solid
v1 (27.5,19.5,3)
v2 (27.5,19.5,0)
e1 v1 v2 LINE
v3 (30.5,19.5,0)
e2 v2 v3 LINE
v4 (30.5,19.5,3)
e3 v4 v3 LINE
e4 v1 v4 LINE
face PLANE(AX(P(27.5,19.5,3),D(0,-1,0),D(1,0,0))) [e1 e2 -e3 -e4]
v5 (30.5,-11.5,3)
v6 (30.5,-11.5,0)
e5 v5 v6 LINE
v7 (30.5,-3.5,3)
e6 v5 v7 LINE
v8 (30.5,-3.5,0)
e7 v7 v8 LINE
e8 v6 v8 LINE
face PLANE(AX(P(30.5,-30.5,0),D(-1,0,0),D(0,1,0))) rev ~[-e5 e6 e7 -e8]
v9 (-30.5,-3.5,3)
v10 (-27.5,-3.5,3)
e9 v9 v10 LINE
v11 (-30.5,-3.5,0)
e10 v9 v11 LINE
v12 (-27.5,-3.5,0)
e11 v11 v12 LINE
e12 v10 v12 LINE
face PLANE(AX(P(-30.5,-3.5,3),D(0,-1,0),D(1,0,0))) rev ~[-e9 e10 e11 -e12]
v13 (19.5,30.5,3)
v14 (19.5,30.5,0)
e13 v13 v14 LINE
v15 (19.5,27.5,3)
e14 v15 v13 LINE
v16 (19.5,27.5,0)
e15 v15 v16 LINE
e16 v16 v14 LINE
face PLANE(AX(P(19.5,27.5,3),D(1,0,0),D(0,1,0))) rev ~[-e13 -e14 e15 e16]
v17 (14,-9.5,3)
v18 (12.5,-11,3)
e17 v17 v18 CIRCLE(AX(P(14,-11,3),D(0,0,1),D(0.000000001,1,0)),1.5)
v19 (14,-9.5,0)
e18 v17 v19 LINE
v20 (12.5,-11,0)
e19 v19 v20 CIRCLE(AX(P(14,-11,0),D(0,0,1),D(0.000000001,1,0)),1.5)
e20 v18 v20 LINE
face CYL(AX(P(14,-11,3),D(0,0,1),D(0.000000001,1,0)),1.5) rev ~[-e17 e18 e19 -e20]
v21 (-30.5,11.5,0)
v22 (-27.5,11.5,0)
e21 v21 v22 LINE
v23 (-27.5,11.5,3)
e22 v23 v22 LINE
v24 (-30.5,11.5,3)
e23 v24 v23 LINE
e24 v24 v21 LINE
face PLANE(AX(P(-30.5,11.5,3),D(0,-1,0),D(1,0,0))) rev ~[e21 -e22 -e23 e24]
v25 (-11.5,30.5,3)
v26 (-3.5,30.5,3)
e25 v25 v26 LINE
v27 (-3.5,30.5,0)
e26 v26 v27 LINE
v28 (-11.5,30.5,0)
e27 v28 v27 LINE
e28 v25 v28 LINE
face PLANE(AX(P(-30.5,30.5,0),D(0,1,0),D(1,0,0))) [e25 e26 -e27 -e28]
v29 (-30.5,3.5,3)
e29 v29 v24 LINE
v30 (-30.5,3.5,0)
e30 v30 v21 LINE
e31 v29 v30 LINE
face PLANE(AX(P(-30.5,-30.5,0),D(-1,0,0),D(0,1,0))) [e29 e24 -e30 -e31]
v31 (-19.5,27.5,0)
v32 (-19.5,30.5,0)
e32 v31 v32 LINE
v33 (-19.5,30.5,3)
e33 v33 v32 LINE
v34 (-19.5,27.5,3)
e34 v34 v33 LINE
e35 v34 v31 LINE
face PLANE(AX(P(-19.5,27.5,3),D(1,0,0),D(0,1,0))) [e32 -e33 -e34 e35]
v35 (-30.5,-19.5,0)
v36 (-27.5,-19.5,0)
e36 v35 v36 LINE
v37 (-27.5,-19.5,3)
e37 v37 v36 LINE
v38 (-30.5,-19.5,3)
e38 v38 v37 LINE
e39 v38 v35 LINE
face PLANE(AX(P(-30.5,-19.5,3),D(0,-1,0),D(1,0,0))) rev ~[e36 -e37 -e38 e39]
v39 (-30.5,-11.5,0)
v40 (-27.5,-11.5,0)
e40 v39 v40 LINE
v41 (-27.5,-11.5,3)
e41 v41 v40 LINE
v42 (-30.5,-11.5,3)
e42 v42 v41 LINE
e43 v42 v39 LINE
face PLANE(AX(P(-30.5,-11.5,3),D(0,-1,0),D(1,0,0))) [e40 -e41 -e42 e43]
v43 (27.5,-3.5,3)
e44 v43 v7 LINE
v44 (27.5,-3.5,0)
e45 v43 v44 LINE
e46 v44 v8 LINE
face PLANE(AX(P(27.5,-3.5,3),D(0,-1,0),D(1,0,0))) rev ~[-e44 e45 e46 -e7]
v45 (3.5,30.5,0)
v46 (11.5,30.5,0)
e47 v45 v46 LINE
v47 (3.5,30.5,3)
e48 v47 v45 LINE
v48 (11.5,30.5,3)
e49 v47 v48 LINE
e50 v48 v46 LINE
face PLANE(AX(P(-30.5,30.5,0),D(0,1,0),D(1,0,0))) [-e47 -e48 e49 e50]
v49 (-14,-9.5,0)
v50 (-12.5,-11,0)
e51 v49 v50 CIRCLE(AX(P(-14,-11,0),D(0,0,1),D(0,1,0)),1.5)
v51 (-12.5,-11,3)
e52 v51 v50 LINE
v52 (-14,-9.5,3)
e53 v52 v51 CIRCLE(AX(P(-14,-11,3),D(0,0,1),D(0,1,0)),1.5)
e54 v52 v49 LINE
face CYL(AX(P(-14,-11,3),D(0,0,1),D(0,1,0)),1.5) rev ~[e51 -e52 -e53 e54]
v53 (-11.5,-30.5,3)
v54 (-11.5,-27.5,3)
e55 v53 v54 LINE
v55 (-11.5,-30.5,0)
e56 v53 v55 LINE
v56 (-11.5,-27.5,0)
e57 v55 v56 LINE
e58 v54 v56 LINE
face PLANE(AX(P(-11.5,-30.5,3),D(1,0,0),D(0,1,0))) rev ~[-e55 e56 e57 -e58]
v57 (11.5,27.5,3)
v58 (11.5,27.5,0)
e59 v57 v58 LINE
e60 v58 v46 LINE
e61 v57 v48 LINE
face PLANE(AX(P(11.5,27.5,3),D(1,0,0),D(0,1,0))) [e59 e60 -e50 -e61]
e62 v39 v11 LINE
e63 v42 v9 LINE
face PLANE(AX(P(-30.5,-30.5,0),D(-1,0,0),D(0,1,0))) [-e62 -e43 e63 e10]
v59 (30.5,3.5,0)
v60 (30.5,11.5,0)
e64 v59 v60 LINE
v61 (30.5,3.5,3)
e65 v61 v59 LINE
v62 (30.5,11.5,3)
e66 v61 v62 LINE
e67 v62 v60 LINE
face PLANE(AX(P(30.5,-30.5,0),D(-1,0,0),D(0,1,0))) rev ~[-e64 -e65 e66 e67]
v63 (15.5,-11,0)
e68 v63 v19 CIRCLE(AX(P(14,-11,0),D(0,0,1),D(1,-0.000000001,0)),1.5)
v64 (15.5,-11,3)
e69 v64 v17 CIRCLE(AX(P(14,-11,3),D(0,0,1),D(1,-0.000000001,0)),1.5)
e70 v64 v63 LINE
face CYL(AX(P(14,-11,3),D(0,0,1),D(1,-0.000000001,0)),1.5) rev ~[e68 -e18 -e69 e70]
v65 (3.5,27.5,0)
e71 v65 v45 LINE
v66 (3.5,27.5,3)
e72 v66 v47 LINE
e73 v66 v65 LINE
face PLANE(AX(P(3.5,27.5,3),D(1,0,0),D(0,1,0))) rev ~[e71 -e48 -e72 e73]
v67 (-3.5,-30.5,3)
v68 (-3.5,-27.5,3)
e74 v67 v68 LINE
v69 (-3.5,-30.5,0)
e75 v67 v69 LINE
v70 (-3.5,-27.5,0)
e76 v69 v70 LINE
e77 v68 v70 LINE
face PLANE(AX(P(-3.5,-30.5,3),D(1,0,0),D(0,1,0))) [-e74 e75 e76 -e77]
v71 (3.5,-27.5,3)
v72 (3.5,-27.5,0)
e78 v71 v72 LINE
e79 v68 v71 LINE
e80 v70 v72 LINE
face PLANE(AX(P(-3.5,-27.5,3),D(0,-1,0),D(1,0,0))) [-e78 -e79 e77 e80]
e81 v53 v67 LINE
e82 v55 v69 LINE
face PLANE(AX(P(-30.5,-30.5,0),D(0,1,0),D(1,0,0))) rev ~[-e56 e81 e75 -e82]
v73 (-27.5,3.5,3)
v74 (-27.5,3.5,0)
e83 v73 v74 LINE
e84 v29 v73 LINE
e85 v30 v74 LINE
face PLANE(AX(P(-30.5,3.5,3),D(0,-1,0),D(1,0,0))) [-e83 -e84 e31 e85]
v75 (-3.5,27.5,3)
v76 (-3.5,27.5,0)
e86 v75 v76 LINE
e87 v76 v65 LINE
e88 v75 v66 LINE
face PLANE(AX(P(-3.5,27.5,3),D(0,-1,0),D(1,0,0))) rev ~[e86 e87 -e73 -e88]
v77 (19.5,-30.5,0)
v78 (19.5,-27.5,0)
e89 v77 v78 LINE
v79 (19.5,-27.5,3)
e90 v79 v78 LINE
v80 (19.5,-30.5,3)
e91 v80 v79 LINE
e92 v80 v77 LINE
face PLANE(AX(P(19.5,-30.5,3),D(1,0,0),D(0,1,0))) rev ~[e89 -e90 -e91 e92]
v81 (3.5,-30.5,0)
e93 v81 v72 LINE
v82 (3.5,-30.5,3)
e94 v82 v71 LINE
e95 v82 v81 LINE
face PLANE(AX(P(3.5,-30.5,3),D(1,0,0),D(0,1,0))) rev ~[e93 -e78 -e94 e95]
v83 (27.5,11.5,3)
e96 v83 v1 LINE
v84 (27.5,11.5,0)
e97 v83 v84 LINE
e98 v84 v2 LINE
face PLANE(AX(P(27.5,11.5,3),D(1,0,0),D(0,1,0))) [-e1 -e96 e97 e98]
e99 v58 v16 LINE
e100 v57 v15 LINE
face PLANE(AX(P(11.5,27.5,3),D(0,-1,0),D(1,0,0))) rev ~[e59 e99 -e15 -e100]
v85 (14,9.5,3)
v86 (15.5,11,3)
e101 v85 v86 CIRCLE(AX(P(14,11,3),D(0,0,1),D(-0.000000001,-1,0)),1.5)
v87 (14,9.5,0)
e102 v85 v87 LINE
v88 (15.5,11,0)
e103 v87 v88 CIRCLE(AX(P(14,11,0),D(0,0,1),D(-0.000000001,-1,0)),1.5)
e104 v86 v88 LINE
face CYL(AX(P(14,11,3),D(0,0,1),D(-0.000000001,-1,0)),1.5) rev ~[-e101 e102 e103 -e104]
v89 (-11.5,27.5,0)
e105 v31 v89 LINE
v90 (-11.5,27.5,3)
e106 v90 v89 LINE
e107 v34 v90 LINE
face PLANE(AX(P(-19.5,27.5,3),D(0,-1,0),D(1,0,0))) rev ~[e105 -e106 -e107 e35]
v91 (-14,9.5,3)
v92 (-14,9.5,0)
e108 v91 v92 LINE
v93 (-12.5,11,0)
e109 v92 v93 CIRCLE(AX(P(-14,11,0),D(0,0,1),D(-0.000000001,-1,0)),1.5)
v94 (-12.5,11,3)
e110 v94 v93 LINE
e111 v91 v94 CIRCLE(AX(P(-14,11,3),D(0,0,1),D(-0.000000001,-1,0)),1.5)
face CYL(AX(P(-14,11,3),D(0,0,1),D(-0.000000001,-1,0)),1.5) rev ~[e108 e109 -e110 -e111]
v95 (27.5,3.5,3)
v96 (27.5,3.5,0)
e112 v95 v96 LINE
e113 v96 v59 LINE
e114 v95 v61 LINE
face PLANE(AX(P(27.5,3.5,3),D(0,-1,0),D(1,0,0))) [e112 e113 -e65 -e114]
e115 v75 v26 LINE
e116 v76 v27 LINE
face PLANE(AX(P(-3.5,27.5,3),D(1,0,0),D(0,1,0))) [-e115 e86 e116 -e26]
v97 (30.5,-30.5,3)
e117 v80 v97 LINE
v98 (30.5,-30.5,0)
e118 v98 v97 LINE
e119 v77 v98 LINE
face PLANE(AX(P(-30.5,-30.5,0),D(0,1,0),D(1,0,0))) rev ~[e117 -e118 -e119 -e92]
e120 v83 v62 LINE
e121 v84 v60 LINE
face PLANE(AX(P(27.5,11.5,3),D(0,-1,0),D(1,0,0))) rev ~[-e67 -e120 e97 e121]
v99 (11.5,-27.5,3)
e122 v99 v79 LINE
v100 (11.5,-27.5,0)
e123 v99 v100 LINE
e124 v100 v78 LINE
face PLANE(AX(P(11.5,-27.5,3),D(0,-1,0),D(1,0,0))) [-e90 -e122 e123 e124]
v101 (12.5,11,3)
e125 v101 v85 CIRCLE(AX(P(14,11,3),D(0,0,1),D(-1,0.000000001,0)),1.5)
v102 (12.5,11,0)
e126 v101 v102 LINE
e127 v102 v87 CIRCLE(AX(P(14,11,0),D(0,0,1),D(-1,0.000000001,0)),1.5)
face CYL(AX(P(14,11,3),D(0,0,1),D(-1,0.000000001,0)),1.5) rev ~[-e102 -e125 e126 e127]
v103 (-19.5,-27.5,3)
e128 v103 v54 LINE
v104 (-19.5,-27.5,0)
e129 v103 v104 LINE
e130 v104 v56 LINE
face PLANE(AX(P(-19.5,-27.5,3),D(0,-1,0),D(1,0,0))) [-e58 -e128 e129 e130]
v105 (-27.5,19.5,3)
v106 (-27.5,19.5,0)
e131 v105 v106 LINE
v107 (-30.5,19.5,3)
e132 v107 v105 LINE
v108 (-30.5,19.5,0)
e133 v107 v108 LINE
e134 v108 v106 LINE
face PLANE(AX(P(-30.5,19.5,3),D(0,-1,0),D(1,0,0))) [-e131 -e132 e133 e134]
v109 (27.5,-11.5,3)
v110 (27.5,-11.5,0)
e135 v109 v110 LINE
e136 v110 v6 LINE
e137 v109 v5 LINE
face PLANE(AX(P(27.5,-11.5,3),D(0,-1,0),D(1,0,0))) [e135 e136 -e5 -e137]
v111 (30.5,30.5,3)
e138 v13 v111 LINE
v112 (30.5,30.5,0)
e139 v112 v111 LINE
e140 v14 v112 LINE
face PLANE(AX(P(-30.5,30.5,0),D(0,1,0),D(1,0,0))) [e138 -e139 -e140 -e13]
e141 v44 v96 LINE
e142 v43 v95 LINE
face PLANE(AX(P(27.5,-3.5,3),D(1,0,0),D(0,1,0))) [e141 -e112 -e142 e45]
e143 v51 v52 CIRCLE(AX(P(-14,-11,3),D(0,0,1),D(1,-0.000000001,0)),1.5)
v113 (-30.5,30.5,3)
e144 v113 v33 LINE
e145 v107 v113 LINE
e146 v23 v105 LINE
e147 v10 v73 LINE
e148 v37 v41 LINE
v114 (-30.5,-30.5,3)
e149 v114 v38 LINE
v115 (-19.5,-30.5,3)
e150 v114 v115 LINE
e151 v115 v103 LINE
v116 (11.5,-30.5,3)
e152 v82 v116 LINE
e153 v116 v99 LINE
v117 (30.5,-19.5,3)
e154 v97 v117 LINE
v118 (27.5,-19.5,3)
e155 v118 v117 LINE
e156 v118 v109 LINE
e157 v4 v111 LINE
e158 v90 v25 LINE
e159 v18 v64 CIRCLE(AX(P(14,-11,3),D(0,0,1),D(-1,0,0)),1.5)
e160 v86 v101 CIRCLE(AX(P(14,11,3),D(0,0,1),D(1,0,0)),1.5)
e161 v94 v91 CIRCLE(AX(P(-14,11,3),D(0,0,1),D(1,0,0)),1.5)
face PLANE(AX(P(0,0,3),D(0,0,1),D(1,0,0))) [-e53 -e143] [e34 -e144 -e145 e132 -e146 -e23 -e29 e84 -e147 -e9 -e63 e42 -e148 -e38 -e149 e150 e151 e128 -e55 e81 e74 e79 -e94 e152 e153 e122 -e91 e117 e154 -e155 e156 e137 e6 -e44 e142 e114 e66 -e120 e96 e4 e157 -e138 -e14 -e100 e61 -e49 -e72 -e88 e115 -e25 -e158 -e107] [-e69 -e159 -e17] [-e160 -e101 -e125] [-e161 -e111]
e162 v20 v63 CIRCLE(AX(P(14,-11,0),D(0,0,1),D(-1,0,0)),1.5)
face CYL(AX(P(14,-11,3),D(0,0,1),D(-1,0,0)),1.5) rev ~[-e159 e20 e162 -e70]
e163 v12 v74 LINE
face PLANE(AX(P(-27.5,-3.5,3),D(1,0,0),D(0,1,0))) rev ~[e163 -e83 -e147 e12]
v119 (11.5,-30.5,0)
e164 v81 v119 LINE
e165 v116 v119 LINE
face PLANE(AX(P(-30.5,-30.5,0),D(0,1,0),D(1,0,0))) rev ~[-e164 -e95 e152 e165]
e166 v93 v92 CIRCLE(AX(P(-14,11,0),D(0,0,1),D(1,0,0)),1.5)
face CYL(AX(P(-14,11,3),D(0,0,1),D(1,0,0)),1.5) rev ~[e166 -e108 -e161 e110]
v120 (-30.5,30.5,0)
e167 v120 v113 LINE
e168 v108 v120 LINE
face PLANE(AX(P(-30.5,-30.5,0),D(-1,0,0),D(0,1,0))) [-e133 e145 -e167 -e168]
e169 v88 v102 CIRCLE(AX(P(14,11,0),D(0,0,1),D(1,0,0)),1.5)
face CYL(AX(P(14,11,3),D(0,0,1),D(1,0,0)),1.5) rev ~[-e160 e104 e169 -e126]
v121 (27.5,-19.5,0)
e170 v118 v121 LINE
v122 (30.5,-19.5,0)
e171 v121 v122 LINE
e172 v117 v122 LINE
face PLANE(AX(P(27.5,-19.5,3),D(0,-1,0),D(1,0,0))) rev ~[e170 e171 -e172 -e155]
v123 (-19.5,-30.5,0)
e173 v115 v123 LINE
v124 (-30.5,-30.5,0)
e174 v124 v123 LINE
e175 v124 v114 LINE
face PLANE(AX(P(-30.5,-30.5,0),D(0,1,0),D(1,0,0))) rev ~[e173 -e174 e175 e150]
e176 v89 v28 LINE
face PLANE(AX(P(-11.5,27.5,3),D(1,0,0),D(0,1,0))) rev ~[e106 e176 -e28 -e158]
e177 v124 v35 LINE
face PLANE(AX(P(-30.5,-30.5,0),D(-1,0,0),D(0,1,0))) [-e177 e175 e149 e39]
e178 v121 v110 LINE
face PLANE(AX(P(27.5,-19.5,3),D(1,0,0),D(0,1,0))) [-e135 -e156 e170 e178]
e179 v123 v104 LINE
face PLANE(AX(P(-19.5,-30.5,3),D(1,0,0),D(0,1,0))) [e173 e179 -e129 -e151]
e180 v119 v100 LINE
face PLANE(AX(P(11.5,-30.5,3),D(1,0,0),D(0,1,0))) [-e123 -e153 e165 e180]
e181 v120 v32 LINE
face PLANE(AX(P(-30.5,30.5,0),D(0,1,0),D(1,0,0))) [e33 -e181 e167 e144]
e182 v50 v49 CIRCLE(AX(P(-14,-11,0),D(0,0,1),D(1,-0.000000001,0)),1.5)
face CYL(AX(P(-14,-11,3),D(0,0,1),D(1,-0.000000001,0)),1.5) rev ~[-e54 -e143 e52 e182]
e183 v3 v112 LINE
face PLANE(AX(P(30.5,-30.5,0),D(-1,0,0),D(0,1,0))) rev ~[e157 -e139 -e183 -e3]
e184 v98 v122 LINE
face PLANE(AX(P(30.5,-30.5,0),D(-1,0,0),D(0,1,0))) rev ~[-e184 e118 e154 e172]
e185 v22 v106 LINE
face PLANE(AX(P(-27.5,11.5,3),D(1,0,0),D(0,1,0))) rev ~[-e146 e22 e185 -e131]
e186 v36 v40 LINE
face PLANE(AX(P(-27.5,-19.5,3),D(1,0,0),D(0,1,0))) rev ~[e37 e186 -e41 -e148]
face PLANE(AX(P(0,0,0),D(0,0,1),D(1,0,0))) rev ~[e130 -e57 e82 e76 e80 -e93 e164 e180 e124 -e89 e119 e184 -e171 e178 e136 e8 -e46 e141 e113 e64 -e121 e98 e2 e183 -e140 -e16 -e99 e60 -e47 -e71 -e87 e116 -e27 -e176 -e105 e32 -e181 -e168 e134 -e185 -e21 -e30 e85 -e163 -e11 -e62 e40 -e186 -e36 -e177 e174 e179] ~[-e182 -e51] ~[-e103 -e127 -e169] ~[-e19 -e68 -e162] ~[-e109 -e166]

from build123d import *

# Parameters (mm, degrees)
SKETCH1_W           = 61
SKETCH1_H           = 61
BOSS_EXTRUDE1_DEPTH = 3
SKETCH2_W           = 3
SKETCH2_H           = 8
SKETCH2_H_2         = 7
SKETCH2_W_2         = 8
SKETCH2_H_3         = 3
SKETCH2_W_3         = 7
CUT_EXTRUDE1_DEPTH  = 3
CUT_EXTRUDE2_DEPTH  = 3


with BuildPart() as part:
    # Sketch1 → Boss-Extrude1 (new body)
    with BuildSketch(Plane.XY):
        Rectangle(SKETCH1_W, SKETCH1_H)
    extrude(amount=BOSS_EXTRUDE1_DEPTH)

    # Sketch2 → Cut-Extrude1 (cut)
    with BuildSketch(Plane.XY.offset(3)):
        with Locations((-29, 15.5)):
            Rectangle(SKETCH2_W, SKETCH2_H)
        with Locations((-29, 0)):
            Rectangle(SKETCH2_W, SKETCH2_H_2)
        with Locations((-29, -15.5)):
            Rectangle(SKETCH2_W, SKETCH2_H)
        with Locations((-15.5, -29)):
            Rectangle(SKETCH2_W_2, SKETCH2_H_3)
        with Locations((0, -29)):
            Rectangle(SKETCH2_W_3, SKETCH2_H_3)
        with Locations((15.5, -29)):
            Rectangle(SKETCH2_W_2, SKETCH2_H_3)
        with Locations((29, -15.5)):
            Rectangle(SKETCH2_W, SKETCH2_H)
        with Locations((29, 0)):
            Rectangle(SKETCH2_W, SKETCH2_H_2)
        with Locations((29, 15.5)):
            Rectangle(SKETCH2_W, SKETCH2_H)
        with Locations((15.5, 29)):
            Rectangle(SKETCH2_W_2, SKETCH2_H_3)
        with Locations((0, 29)):
            Rectangle(SKETCH2_W_3, SKETCH2_H_3)
        with Locations((-15.5, 29)):
            Rectangle(SKETCH2_W_2, SKETCH2_H_3)
    extrude(amount=-CUT_EXTRUDE1_DEPTH, mode=Mode.SUBTRACT)

    # Sketch3 → Cut-Extrude2 (cut)
    with BuildSketch(Plane.XY.offset(3)):
        with BuildLine():
            ThreePointArc((-12.5, 11), (-15.060660172, 12.060660172), (-14, 9.5))
            Line((-14, 9.5), (-14, 11))
            Line((-14, 11), (-12.5, 11))
        make_face()
        with BuildLine():
            Line((-14, 11), (-14, 9.5))
            ThreePointArc((-14, 9.5), (-12.939339828, 9.939339828), (-12.5, 11))
            Line((-12.5, 11), (-14, 11))
        make_face()
        with BuildLine():
            ThreePointArc((12.5, 11), (12.939339828, 9.939339828), (14, 9.5))
            Line((14, 9.5), (14, 11))
            Line((14, 11), (12.5, 11))
        make_face()
        with BuildLine():
            Line((14, 11), (14, 9.5))
            ThreePointArc((14, 9.5), (15.060660172, 9.939339828), (15.5, 11))
            ThreePointArc((15.5, 11), (14, 12.5), (12.5, 11))
            Line((12.5, 11), (14, 11))
        make_face()
        with BuildLine():
            Line((-14, -9.5), (-14, -11))
            Line((-14, -11), (-12.5, -11))
            ThreePointArc((-12.5, -11), (-12.939339828, -9.939339828), (-14, -9.5))
        make_face()
        with BuildLine():
            Line((-12.5, -11), (-14, -11))
            Line((-14, -11), (-14, -9.5))
            ThreePointArc((-14, -9.5), (-15.060660172, -12.060660172), (-12.5, -11))
        make_face()
        with BuildLine():
            ThreePointArc((14, -9.5), (12.939339828, -9.939339828), (12.5, -11))
            Line((12.5, -11), (14, -11))
            Line((14, -11), (14, -9.5))
        make_face()
        with BuildLine():
            Line((14, -11), (12.5, -11))
            ThreePointArc((12.5, -11), (14, -12.5), (15.5, -11))
            ThreePointArc((15.5, -11), (15.060660172, -9.939339828), (14, -9.5))
            Line((14, -9.5), (14, -11))
        make_face()
    extrude(amount=-CUT_EXTRUDE2_DEPTH, mode=Mode.SUBTRACT)


solid = part.part
